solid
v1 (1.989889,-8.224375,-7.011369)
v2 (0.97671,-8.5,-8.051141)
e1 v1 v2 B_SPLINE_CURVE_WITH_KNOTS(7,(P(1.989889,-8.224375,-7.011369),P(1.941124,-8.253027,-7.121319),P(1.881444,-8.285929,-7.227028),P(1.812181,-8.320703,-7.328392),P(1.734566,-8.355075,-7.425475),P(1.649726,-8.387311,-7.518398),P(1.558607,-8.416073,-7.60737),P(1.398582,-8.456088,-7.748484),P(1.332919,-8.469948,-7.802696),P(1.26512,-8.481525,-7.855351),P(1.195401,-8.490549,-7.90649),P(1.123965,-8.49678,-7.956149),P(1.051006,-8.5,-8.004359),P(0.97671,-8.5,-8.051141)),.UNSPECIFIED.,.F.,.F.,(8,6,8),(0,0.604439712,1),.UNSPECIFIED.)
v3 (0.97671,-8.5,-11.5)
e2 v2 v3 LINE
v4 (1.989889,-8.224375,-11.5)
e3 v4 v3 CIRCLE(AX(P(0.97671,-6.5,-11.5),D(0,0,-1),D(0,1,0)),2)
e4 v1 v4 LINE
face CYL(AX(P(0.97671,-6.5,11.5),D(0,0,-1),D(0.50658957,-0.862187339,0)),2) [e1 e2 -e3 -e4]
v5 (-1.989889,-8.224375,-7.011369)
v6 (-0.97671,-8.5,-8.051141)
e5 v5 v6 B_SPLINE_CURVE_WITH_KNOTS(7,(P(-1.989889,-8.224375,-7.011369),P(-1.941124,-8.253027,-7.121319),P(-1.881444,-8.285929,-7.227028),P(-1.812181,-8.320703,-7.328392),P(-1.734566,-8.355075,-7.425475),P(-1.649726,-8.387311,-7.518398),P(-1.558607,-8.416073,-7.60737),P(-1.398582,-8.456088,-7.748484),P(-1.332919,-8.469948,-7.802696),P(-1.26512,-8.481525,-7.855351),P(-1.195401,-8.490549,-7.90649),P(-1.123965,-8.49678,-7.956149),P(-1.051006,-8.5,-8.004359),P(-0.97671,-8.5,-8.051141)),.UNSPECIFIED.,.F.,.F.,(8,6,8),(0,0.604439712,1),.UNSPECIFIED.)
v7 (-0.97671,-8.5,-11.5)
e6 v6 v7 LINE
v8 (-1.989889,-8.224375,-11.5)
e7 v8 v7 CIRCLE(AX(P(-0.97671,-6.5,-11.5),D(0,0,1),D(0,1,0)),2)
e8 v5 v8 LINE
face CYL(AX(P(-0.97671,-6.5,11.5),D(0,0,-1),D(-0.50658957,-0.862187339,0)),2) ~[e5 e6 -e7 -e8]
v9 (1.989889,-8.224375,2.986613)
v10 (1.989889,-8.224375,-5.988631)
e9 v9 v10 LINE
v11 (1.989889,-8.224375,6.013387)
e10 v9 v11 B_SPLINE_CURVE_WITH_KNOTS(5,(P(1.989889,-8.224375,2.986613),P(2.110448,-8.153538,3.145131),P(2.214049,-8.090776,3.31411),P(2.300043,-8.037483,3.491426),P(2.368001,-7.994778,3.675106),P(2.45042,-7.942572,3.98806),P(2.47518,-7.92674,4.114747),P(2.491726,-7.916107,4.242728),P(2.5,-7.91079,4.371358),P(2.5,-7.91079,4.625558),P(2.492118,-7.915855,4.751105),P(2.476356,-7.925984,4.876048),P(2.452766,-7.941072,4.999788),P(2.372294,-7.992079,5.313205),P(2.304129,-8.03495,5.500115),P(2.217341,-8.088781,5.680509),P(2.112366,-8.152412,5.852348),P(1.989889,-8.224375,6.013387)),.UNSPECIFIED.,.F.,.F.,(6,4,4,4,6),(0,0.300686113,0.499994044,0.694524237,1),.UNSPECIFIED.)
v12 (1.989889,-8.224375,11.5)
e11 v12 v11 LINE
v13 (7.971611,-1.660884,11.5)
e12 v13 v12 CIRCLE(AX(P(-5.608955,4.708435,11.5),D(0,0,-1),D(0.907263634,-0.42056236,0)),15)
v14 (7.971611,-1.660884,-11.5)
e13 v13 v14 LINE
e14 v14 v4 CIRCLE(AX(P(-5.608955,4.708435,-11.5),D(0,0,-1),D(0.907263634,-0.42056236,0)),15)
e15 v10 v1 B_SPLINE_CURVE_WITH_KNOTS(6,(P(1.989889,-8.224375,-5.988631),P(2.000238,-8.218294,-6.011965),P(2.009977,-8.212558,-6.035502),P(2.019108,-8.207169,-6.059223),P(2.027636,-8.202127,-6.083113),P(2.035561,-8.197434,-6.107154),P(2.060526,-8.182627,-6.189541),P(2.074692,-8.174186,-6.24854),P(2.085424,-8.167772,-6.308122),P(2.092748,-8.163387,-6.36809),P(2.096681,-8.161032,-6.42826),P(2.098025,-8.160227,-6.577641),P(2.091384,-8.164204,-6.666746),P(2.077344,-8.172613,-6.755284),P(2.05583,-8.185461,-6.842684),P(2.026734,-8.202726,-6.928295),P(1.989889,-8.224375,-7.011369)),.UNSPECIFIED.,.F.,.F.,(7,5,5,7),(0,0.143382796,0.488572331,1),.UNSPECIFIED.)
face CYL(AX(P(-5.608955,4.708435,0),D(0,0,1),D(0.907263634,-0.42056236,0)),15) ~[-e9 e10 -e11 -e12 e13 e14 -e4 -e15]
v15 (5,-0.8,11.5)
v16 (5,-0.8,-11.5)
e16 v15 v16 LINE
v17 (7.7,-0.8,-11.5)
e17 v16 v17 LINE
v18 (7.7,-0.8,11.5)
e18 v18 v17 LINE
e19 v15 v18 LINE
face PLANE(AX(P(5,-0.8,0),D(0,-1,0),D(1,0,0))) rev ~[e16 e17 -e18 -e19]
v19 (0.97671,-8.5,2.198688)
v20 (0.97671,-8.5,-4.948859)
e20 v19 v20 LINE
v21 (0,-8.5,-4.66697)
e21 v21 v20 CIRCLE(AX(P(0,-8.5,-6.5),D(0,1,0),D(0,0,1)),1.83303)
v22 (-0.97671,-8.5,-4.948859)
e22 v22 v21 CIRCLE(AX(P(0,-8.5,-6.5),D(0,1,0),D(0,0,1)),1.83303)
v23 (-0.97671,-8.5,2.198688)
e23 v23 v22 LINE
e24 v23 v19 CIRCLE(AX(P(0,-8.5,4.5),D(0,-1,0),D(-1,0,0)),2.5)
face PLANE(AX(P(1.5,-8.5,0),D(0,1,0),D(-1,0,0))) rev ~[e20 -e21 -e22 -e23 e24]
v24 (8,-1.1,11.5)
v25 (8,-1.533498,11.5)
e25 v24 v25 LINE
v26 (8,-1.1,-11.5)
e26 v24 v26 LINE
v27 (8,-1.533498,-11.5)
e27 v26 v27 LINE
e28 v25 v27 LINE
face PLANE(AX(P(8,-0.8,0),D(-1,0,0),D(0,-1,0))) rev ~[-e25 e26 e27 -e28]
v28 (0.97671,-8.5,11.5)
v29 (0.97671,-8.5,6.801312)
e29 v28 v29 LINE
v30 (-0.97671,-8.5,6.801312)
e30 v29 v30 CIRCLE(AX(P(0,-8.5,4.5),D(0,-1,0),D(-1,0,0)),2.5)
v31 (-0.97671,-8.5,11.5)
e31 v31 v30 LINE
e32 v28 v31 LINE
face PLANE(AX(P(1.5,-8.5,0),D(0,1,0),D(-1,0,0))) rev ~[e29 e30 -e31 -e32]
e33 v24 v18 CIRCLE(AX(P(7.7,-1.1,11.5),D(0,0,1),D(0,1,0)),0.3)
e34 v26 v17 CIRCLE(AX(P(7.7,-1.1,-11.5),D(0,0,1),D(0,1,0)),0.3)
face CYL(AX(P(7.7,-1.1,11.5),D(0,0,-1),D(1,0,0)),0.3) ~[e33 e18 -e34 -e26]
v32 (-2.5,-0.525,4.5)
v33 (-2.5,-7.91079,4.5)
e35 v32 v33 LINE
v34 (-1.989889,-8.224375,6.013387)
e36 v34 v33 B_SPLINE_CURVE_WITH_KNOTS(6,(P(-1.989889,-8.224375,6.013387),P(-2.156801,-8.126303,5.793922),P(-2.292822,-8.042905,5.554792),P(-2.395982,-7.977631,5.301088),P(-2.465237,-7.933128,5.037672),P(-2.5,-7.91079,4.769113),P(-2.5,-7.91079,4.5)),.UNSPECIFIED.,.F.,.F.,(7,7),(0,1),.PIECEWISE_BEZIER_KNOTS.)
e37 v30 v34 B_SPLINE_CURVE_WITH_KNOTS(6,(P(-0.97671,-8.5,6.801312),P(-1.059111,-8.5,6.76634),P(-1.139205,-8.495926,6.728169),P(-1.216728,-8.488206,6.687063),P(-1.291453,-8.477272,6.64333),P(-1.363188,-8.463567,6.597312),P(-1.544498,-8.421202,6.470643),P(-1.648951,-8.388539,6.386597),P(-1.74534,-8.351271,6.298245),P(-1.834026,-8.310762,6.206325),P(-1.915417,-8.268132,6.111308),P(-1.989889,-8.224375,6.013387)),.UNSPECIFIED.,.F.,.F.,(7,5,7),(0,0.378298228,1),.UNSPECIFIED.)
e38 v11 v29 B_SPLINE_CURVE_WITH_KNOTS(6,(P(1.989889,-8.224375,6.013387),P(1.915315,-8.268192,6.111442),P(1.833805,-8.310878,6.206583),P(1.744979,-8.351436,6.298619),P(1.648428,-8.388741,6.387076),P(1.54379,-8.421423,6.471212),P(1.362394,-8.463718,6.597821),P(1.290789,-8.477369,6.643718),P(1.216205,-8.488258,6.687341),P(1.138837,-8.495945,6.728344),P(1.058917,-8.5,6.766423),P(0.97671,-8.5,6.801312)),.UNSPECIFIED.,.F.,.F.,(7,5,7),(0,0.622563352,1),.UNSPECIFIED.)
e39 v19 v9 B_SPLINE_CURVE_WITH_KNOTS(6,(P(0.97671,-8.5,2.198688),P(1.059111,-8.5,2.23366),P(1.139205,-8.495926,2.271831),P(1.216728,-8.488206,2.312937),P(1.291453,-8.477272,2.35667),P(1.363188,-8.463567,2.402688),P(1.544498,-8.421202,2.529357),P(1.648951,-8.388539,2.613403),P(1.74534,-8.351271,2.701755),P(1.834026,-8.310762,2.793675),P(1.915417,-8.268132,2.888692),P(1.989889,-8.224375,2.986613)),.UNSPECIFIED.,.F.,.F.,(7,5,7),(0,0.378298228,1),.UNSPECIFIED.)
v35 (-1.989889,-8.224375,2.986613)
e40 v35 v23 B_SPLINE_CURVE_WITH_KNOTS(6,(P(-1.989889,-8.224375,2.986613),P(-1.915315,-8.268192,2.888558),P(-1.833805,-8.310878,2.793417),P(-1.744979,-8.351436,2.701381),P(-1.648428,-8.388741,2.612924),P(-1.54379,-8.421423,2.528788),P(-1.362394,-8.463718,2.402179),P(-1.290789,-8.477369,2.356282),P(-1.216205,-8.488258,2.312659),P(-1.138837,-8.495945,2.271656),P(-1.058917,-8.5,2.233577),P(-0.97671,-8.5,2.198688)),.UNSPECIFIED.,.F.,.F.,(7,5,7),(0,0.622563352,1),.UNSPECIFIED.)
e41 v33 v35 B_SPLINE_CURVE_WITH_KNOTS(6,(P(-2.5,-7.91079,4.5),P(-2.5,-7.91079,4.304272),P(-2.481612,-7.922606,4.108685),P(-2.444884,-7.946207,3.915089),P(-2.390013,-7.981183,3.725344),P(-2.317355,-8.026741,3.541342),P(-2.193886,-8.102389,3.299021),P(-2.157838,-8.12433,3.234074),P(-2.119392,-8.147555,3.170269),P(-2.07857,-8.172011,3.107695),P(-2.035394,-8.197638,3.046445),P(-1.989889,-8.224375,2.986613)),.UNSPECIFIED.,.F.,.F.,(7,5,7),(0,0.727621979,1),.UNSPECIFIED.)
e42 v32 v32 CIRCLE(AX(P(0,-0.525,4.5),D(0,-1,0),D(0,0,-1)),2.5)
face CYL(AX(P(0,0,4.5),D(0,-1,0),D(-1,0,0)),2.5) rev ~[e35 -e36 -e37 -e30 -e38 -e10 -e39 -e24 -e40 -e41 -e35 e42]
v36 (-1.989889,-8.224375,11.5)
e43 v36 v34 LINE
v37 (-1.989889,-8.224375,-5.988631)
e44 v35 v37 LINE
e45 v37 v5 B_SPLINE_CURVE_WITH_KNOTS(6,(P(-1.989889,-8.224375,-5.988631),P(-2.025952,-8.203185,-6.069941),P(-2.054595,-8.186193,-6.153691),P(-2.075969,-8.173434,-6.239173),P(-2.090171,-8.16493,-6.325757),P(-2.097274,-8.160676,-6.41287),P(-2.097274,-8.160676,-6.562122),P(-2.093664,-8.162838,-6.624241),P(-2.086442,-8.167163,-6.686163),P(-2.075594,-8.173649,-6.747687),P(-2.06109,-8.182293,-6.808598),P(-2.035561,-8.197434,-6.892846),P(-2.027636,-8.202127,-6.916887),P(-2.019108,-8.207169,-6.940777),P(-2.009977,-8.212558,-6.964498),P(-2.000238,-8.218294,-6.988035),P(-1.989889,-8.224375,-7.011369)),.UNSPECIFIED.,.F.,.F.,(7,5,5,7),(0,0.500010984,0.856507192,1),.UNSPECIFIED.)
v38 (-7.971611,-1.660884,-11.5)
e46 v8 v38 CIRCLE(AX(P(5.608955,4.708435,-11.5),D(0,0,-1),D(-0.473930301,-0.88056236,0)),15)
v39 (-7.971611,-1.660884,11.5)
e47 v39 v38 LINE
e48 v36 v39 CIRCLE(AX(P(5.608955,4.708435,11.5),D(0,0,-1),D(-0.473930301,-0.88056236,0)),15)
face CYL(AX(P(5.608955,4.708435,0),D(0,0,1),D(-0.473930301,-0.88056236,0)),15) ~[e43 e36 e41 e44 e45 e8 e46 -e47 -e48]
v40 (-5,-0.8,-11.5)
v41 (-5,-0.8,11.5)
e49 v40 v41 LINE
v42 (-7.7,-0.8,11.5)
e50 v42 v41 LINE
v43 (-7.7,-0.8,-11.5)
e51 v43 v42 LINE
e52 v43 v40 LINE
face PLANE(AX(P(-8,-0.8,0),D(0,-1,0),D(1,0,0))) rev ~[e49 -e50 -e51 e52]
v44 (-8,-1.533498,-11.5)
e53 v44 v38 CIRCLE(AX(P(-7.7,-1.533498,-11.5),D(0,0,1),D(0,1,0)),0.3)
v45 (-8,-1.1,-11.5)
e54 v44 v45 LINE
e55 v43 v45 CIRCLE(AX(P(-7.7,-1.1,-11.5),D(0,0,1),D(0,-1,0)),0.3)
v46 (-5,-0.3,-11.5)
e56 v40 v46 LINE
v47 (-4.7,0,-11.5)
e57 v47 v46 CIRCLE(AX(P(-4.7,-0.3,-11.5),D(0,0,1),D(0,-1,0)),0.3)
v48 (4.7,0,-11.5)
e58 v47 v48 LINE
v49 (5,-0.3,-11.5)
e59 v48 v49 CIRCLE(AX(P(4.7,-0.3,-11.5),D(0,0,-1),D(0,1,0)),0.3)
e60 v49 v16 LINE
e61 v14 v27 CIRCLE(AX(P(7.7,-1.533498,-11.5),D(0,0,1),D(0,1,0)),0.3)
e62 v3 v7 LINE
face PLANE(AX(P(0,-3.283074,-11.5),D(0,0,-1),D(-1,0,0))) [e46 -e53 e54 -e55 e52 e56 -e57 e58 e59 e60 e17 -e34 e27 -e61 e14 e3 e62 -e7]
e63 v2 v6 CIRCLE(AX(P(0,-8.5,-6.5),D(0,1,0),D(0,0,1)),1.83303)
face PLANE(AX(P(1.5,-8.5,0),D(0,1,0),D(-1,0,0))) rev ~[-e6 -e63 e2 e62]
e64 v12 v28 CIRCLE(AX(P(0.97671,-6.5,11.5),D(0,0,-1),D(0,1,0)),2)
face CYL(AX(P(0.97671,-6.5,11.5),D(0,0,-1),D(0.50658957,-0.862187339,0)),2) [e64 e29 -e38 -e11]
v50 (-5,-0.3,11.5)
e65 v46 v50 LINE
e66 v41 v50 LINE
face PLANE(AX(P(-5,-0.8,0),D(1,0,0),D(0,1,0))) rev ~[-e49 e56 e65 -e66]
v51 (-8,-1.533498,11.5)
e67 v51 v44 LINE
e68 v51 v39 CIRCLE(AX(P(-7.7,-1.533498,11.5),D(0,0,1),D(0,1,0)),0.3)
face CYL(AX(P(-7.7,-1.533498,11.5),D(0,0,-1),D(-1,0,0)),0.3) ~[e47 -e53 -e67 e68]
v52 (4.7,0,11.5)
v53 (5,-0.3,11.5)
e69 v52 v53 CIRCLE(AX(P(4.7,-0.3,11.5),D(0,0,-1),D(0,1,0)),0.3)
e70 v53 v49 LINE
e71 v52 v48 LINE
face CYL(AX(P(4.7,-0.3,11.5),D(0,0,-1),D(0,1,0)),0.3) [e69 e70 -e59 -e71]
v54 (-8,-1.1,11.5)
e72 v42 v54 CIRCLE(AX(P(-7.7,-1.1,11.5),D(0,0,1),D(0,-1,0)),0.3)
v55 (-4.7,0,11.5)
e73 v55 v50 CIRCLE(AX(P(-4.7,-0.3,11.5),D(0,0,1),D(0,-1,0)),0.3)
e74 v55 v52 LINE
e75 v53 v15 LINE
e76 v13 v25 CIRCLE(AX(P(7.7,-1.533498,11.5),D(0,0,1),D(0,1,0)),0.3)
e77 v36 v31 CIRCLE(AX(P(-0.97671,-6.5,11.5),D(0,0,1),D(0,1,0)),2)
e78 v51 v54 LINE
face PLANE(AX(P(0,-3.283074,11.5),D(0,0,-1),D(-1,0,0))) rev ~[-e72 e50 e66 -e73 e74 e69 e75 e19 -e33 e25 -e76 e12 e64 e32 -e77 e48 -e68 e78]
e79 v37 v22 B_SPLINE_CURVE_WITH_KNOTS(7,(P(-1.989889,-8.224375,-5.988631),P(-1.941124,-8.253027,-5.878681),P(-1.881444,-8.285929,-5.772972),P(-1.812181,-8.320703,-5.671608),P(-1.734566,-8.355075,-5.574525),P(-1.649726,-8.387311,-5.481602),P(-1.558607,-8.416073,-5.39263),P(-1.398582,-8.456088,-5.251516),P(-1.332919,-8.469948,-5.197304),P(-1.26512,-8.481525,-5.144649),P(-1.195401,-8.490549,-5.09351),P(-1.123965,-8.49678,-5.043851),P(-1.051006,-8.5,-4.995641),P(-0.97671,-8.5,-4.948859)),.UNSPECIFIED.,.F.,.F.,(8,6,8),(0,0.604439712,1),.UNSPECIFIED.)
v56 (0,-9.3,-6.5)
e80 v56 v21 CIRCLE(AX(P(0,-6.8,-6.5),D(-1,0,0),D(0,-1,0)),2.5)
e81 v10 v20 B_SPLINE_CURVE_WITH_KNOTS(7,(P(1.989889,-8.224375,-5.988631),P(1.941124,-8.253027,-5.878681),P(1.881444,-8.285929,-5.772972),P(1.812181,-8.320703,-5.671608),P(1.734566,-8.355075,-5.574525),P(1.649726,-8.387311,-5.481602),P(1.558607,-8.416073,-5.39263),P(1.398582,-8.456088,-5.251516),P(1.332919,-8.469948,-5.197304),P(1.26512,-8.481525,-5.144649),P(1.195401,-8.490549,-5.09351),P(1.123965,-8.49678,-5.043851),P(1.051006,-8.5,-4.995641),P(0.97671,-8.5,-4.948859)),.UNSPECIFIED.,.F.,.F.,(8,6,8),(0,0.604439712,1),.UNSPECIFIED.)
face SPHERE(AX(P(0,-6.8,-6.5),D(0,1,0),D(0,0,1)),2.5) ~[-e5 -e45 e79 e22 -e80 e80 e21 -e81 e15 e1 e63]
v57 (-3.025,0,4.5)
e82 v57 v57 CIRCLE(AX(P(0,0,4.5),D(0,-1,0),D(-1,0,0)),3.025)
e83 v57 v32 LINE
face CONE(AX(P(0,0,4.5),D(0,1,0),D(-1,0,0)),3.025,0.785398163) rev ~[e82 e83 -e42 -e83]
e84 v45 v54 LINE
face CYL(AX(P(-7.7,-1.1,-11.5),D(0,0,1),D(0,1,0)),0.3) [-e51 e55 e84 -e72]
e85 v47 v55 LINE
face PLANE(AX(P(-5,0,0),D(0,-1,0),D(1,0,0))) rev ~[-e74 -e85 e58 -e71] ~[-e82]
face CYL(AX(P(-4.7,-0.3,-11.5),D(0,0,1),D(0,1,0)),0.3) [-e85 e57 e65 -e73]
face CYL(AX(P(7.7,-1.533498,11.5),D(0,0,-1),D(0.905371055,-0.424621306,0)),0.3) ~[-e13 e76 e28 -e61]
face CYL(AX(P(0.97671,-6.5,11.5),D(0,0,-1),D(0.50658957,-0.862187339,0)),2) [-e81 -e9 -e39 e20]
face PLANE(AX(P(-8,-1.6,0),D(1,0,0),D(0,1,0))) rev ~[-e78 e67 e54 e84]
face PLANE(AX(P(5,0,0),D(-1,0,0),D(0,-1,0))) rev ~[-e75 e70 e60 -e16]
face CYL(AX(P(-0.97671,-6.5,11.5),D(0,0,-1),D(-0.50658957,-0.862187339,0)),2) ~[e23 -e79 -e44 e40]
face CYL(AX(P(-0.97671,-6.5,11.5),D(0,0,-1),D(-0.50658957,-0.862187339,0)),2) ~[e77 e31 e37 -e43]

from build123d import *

# Parameters (mm, degrees)
EXTRUDE_1_DEPTH             = 11.5
FILLET_1_R                  = 0.3
FILLET_2_R                  = 2
HOLE_WIZARD_M63_D           = 5
HOLE_WIZARD_M63_CSINK_D     = 6.05
HOLE_WIZARD_M63_CSINK_ANGLE = 90


with BuildPart() as part:
    # Эскиз1 → Бобышка-Вытянуть1 (new body, symmetric)
    with BuildSketch(Plane.XY):
        with BuildLine():
            Line((-5, 0), (5, 0))
            Line((5, 0), (5, -0.8))
            Line((5, -0.8), (8, -0.8))
            Line((8, -0.8), (8, -1.6))
            ThreePointArc((8, -1.6), (5.309398779, -5.576969864), (1.5, -8.5))
            Line((1.5, -8.5), (-1.5, -8.5))
            ThreePointArc((-1.5, -8.5), (-5.309398779, -5.576969864), (-8, -1.6))
            Line((-8, -1.6), (-8, -0.8))
            Line((-8, -0.8), (-5, -0.8))
            Line((-5, -0.8), (-5, 0))
        make_face()
    extrude(amount=EXTRUDE_1_DEPTH, both=True)

    # Скругление1
    fillet_1_edges = [part.edges().sort_by_distance(p)[0] for p in [
        (8, -0.8, 0),
        (8, -1.6, 0),
        (-8, -1.6, 0),
        (-8, -0.8, 0),
        (-5, 0, 0),
        (5, 0, 0),
    ]]
    fillet(fillet_1_edges, radius=FILLET_1_R)

    # Скругление2
    fillet_2_edges = [part.edges().sort_by_distance(p)[0] for p in [
        (1.5, -8.5, 0),
        (-1.5, -8.5, 0),
    ]]
    fillet(fillet_2_edges, radius=FILLET_2_R)

    # Отверстие обработанное метчиком M63 (through all)
    with Locations(Plane(origin=(0, 0, 0), x_dir=(1, 0, 0), z_dir=(0, 1, 0))):
        with Locations((0, -4.5)):
            CounterSinkHole(HOLE_WIZARD_M63_D / 2, HOLE_WIZARD_M63_CSINK_D / 2, counter_sink_angle=HOLE_WIZARD_M63_CSINK_ANGLE)

    # Эскиз5 → Повернуть1 (revolve)
    with BuildSketch(Plane(origin=(0, 0, 0), x_dir=(0, 0, -1), z_dir=(1, 0, 0))):
        with BuildLine():
            Line((6.5, -4.3), (6.5, -9.3))
            ThreePointArc((6.5, -9.3), (4, -6.8), (6.5, -4.3))
        make_face()
    revolve(axis=Axis((0, -4.3, -6.5), (0, -1, 0)))


solid = part.part
